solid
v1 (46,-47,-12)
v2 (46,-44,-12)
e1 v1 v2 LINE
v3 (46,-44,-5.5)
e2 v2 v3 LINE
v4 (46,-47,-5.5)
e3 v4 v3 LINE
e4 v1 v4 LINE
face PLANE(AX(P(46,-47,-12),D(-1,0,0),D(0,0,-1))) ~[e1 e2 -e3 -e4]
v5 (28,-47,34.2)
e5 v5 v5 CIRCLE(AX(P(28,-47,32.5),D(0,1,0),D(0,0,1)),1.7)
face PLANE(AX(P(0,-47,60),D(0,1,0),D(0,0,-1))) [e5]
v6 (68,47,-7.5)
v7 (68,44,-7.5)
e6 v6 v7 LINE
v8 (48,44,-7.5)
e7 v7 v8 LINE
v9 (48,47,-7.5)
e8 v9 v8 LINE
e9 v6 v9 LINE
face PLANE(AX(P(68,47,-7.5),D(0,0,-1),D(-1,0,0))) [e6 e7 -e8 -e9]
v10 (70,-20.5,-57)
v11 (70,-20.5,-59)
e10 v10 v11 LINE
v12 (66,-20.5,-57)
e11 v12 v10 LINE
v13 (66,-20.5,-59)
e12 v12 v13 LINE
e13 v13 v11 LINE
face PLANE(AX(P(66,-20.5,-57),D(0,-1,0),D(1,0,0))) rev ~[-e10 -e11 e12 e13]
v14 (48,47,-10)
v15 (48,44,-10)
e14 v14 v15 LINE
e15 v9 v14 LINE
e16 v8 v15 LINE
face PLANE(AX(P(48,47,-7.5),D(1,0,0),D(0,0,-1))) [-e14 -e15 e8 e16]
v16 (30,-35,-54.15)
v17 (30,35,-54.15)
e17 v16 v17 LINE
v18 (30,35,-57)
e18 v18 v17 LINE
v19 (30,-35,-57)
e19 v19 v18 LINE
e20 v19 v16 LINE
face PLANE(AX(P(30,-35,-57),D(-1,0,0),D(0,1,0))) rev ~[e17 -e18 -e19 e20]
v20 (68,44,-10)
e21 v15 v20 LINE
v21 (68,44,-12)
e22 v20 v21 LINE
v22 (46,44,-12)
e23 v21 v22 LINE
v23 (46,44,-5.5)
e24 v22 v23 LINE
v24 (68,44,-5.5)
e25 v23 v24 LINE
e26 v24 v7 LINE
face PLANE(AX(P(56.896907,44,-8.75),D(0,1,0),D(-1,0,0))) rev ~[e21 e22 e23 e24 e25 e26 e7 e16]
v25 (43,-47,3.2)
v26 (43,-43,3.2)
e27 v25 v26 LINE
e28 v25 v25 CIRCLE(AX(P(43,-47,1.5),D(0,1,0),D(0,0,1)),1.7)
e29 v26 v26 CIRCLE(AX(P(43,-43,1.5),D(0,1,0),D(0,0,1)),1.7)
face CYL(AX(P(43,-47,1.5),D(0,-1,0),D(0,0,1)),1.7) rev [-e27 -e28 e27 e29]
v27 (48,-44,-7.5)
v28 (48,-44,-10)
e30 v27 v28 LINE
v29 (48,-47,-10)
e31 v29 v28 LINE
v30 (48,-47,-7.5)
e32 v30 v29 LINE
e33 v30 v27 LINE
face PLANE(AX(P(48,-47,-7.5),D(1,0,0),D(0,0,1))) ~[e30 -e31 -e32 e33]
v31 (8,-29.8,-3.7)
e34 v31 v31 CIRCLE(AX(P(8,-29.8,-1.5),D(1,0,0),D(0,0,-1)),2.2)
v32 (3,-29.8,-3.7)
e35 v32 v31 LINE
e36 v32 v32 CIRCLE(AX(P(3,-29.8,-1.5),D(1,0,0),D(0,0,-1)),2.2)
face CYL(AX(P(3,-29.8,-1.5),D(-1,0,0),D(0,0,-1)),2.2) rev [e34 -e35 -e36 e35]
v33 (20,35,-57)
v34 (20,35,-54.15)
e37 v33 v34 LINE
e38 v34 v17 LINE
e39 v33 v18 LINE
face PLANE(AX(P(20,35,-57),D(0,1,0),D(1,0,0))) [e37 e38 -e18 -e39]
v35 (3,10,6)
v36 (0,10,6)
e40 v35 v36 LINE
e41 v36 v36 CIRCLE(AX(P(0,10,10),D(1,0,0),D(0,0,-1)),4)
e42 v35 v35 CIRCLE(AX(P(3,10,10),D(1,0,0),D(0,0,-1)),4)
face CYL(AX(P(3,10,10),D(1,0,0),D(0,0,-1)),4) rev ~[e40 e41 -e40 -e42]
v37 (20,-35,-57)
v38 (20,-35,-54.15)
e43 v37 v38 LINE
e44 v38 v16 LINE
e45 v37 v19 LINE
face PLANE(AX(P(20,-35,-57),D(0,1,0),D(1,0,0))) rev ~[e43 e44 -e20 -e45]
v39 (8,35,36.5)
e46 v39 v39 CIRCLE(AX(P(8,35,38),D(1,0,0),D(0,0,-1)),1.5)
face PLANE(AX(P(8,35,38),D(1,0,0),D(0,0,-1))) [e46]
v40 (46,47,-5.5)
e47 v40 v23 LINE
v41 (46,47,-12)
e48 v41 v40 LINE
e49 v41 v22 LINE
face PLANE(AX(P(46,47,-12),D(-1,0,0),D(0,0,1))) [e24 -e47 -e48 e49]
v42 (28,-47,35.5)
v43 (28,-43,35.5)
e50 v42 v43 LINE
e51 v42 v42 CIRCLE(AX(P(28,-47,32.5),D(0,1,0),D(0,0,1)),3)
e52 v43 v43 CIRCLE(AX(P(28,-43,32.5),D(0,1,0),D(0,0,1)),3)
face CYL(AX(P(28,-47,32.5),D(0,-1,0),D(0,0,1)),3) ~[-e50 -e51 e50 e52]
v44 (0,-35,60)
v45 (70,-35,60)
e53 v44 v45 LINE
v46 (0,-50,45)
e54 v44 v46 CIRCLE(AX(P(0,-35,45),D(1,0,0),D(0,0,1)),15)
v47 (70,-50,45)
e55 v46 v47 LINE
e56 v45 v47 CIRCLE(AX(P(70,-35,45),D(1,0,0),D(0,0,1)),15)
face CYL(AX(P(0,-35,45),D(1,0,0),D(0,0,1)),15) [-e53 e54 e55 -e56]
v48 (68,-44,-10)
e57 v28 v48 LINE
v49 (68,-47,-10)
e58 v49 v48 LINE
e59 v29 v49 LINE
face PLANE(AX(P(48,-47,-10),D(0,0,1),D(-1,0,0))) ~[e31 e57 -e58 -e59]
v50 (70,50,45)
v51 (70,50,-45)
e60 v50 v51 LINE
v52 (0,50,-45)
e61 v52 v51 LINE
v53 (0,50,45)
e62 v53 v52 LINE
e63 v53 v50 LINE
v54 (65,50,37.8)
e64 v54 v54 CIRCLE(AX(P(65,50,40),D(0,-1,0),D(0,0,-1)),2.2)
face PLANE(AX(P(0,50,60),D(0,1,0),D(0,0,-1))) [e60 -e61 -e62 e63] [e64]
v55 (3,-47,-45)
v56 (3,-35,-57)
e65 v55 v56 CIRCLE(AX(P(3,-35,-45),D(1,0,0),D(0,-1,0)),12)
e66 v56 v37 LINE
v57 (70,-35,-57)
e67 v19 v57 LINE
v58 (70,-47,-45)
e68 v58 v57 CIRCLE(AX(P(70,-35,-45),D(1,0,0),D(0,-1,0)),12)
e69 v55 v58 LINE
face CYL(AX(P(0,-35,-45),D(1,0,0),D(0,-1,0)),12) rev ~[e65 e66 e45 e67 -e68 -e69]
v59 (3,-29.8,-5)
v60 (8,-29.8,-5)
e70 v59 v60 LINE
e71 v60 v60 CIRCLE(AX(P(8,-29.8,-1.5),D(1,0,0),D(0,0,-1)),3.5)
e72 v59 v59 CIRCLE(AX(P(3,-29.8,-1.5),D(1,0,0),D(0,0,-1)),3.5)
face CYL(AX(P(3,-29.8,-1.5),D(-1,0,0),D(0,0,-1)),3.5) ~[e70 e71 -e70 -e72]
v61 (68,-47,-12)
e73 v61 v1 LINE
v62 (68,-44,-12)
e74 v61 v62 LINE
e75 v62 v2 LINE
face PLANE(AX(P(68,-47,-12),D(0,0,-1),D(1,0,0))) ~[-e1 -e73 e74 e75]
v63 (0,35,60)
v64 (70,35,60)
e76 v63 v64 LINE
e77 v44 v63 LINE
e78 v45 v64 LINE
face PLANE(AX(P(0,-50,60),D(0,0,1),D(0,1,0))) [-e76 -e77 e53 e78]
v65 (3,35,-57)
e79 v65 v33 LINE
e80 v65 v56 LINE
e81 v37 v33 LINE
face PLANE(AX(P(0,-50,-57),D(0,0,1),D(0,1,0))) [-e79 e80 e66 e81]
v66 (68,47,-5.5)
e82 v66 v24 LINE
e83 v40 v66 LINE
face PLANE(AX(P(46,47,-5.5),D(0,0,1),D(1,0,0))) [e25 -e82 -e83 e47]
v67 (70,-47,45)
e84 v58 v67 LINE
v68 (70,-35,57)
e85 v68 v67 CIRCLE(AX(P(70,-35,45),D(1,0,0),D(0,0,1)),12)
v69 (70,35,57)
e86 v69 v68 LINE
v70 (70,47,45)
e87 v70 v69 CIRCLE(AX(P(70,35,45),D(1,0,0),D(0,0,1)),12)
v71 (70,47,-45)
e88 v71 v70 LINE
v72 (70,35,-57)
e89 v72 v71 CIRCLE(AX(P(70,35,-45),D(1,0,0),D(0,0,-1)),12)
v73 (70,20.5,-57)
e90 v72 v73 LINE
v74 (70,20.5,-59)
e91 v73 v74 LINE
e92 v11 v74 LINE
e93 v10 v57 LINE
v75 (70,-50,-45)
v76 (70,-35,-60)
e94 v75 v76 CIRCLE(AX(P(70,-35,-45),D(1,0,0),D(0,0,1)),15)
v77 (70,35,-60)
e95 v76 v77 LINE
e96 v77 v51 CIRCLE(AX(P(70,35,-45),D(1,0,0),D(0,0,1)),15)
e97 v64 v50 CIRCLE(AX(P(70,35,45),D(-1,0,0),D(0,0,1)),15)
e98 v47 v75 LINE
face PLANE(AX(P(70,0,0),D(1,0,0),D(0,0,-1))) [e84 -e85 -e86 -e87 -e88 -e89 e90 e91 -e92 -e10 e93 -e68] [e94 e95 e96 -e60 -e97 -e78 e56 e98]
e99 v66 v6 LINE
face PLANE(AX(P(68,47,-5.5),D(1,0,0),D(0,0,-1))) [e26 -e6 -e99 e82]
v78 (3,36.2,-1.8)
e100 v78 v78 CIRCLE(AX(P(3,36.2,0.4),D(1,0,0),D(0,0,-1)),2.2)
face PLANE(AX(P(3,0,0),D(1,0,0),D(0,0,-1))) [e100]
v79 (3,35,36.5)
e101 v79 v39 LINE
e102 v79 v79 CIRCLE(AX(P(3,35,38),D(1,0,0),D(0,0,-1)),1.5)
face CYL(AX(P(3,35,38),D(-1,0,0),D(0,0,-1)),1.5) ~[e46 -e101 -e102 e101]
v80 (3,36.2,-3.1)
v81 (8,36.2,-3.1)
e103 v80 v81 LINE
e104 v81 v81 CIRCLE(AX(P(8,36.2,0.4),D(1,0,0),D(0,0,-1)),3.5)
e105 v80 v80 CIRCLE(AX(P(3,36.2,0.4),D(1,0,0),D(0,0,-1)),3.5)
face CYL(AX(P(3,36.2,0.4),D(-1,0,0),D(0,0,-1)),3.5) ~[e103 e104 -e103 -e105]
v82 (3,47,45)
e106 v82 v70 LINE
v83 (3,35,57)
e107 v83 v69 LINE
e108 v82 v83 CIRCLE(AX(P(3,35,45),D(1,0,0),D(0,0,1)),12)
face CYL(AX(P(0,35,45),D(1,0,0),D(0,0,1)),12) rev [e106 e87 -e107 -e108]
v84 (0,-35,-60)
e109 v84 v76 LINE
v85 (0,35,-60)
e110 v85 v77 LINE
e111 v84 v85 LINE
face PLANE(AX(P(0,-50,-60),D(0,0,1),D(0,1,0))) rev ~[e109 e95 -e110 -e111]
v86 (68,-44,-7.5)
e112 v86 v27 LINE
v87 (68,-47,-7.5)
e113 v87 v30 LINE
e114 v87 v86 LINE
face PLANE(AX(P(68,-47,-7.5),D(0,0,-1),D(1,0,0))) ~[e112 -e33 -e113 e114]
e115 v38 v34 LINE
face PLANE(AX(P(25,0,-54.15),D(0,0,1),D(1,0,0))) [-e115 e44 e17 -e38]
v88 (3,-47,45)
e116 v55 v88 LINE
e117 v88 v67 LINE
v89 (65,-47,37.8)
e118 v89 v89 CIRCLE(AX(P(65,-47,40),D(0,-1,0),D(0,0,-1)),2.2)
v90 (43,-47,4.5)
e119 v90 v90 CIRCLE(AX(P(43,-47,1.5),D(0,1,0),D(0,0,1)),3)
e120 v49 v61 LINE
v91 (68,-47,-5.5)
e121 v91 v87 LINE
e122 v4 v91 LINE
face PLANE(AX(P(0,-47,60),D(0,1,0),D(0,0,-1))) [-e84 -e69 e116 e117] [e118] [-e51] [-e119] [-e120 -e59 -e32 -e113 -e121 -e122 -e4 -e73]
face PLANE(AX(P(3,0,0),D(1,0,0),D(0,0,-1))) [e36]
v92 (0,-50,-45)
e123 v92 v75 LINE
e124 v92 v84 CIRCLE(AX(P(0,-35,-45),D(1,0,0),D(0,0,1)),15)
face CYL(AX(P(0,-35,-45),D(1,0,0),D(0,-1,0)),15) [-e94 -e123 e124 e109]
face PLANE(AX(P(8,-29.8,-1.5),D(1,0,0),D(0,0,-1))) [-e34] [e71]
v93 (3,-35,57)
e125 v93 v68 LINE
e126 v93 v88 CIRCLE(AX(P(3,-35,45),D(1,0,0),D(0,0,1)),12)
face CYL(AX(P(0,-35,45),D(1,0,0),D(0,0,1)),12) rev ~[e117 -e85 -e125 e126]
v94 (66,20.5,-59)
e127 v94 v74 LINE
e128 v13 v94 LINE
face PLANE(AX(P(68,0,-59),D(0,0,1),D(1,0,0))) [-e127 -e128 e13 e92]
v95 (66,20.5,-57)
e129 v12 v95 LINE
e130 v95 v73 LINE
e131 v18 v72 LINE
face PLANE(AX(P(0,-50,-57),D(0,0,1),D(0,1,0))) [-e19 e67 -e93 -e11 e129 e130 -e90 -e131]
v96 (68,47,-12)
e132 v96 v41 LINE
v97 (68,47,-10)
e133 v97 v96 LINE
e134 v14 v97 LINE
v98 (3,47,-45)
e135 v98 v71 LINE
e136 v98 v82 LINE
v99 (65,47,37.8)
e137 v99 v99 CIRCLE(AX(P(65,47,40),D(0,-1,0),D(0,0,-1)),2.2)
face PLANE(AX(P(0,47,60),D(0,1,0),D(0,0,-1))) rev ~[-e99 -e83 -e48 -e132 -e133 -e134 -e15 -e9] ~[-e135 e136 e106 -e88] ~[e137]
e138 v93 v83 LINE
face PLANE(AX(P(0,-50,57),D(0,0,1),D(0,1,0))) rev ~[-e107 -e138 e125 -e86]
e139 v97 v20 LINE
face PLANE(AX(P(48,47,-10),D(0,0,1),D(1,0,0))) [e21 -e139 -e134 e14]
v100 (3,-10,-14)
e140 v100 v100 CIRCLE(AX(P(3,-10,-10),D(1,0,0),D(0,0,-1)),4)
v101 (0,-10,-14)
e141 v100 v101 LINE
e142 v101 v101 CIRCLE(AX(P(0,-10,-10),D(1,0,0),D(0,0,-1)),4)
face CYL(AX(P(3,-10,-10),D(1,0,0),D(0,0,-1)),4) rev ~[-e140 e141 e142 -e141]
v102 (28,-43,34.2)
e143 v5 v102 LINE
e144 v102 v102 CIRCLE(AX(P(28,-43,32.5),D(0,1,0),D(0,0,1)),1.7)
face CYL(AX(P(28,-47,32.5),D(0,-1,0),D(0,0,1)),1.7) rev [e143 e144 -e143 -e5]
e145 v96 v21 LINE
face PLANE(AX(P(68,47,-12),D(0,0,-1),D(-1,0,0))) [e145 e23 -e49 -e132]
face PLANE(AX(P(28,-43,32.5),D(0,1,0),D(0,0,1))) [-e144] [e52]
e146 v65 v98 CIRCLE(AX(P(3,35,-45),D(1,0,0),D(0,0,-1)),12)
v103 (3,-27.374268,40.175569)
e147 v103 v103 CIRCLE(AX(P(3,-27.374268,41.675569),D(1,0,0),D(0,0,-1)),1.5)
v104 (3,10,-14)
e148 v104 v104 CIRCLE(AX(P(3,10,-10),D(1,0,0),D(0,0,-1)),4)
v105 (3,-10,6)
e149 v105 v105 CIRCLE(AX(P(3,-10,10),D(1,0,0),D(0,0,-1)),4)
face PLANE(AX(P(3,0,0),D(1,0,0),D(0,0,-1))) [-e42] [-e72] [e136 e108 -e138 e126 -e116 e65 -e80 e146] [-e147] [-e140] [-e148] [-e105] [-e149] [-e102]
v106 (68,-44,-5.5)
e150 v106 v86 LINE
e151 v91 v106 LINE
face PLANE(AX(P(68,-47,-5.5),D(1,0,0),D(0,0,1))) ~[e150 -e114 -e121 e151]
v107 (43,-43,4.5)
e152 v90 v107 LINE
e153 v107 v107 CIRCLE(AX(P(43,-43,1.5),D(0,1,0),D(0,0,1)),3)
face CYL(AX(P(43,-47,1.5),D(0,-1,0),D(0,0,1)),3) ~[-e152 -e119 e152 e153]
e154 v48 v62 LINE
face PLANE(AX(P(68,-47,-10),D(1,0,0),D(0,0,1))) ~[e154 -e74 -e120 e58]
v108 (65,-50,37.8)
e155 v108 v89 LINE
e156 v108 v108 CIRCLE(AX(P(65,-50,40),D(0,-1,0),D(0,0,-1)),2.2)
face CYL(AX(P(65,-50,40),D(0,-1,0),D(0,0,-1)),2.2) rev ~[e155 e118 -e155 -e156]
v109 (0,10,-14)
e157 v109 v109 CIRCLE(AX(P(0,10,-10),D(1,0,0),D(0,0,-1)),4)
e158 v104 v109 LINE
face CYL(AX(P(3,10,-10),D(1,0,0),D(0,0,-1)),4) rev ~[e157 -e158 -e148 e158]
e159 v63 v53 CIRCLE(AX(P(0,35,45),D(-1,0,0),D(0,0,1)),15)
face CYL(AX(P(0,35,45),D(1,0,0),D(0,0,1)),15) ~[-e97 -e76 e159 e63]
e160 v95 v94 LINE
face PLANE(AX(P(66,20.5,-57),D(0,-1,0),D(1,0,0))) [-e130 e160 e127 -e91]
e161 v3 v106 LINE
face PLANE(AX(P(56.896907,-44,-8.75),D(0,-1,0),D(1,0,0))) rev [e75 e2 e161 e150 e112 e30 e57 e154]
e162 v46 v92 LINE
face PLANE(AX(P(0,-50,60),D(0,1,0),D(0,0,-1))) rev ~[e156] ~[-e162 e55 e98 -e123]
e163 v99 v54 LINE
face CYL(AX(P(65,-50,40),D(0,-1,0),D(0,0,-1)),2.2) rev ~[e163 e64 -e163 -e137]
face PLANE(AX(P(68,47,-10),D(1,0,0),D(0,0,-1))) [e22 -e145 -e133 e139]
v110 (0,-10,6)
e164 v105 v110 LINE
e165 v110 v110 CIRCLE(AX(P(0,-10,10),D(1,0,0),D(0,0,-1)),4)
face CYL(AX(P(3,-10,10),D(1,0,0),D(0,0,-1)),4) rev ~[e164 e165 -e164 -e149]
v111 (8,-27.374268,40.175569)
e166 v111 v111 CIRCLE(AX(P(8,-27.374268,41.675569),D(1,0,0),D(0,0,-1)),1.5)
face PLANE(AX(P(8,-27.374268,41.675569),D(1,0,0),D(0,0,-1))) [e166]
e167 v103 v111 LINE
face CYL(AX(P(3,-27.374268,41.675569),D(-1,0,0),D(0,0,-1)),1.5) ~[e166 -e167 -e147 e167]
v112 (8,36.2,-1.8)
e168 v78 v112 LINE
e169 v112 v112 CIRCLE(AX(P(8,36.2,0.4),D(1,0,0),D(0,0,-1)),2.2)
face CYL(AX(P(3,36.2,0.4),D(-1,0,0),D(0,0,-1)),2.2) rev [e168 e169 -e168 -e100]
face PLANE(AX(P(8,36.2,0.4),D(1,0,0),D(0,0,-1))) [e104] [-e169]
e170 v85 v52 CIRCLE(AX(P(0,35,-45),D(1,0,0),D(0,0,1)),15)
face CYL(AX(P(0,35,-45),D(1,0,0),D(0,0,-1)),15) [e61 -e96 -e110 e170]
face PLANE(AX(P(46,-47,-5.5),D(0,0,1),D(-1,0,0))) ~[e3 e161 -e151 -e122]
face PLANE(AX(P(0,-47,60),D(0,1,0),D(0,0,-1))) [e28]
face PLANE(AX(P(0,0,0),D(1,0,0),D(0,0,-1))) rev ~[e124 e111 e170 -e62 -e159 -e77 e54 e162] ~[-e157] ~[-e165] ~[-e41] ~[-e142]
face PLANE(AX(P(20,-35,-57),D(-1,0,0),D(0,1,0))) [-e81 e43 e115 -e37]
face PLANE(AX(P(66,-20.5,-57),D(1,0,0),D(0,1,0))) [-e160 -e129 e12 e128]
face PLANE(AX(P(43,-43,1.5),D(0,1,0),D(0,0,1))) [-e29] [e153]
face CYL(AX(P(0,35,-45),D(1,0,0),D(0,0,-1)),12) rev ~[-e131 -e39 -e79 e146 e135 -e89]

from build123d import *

# Parameters (mm, degrees)
SKETCH1_W            = 120
SKETCH1_H            = 100
BOSS_EXTRUDE2_DEPTH  = 70
FILLET1_R            = 15
SHELL2_T             = -3
SKETCH3_W            = 4
SKETCH3_H            = 41
CUT_EXTRUDE1_DEPTH   = 2
SKETCH4_W            = 10
SKETCH4_H            = 70
BOSS_EXTRUDE3_DEPTH  = 2.85
SKETCH16_R           = 3.5
SKETCH16_R_2         = 2.2
SKETCH16_R_3         = 1.5
BOSS_EXTRUDE5_DEPTH  = 5
BOSS_EXTRUDE6_DEPTH  = 3
SKETCH23_R           = 3
SKETCH23_R_2         = 1.7
BOSS_EXTRUDE10_DEPTH = 4
SKETCH6_R            = 2.2
CUT_EXTRUDE2_DEPTH   = 137.014705087
SKETCH24_R           = 4
CUT_EXTRUDE3_DEPTH   = 3


with BuildPart() as part:
    # Sketch1 → Boss-Extrude2 (new body)
    with BuildSketch(Plane(origin=(0, 0, 0), x_dir=(0, 0, -1), z_dir=(1, 0, 0))):
        Rectangle(SKETCH1_W, SKETCH1_H)
    extrude(amount=BOSS_EXTRUDE2_DEPTH)

    # Fillet1
    fillet1_edges = [part.edges().sort_by_distance(p)[0] for p in [
        (35, -50, -60),
        (35, -50, 60),
        (35, 50, 60),
        (35, 50, -60),
    ]]
    fillet(fillet1_edges, radius=FILLET1_R)

    # Shell2
    shell2_openings = [part.faces().sort_by_distance(p)[0] for p in [
        (70, 0, 0),
    ]]
    offset(amount=SHELL2_T, openings=shell2_openings, kind=Kind.INTERSECTION)

    # Sketch3 → Cut-Extrude1 (cut)
    with BuildSketch(Plane.XY.offset(-57)):
        with Locations((68, 0)):
            Rectangle(SKETCH3_W, SKETCH3_H)
    extrude(amount=-CUT_EXTRUDE1_DEPTH, mode=Mode.SUBTRACT)

    # Sketch4 → Boss-Extrude3 (add)
    with BuildSketch(Plane.XY.offset(-57)):
        with Locations((25, 0)):
            Rectangle(SKETCH4_W, SKETCH4_H)
    extrude(amount=BOSS_EXTRUDE3_DEPTH)

    # Sketch16 → Boss-Extrude5 (add)
    # profile 1 of 4: a face of its own
    with BuildSketch(Plane(origin=(3, 0, 0), x_dir=(0, 0, -1), z_dir=(1, 0, 0))):
        with Locations((1.5, -29.8)):
            Circle(SKETCH16_R)
        with Locations((1.5, -29.8)):
            Circle(SKETCH16_R_2, mode=Mode.SUBTRACT)
    # profile 2 of 4: a face of its own
    with BuildSketch(Plane(origin=(3, 0, 0), x_dir=(0, 0, -1), z_dir=(1, 0, 0))):
        with Locations((-0.4, 36.2)):
            Circle(SKETCH16_R)
        with Locations((-0.4, 36.2)):
            Circle(SKETCH16_R_2, mode=Mode.SUBTRACT)
    # profile 3 of 4: a face of its own
    with BuildSketch(Plane(origin=(3, 0, 0), x_dir=(0, 0, -1), z_dir=(1, 0, 0))):
        with Locations((-38, 35)):
            Circle(SKETCH16_R_3)
    # profile 4 of 4: a face of its own
    with BuildSketch(Plane(origin=(3, 0, 0), x_dir=(0, 0, -1), z_dir=(1, 0, 0))):
        with Locations((-41.675568993, -27.374268476)):
            Circle(SKETCH16_R_3)
    extrude(amount=BOSS_EXTRUDE5_DEPTH)

    # Sketch15 → Boss-Extrude6 (add)
    with BuildSketch(Plane.XZ.offset(-47)):
        Polygon((46, -5.5), (68, -5.5), (68, -7.5), (48, -7.5), (48, -10), (68, -10), (68, -12), (46, -12), align=None)
    boss_extrude6 = extrude(amount=BOSS_EXTRUDE6_DEPTH)

    # Mirror1: Boss-Extrude6 across plane
    add(boss_extrude6.mirror(Plane.ZX))

    # Sketch23 → Boss-Extrude10 (add)
    # profile 1 of 2: a face of its own
    with BuildSketch(Plane(origin=(0, -47, 0), x_dir=(1, 0, 0), z_dir=(0, 1, 0))):
        with Locations(Location((43, -1.5, 0), (0, 0, 270))):
            Circle(SKETCH23_R)
        with Locations(Location((43, -1.5, 0), (0, 0, 270))):
            Circle(SKETCH23_R_2, mode=Mode.SUBTRACT)
    # profile 2 of 2: a face of its own
    with BuildSketch(Plane(origin=(0, -47, 0), x_dir=(1, 0, 0), z_dir=(0, 1, 0))):
        with Locations(Location((28, -32.5, 0), (0, 0, 270))):
            Circle(SKETCH23_R)
        with Locations(Location((28, -32.5, 0), (0, 0, 270))):
            Circle(SKETCH23_R_2, mode=Mode.SUBTRACT)
    extrude(amount=BOSS_EXTRUDE10_DEPTH)

    # Sketch6 → Cut-Extrude2 (cut, through all)
    with BuildSketch(Plane.XZ.offset(50)):
        with Locations(Location((65, 40, 0), (0, 0, 270))):
            Circle(SKETCH6_R)
    extrude(amount=-CUT_EXTRUDE2_DEPTH, mode=Mode.SUBTRACT)

    # Sketch24 → Cut-Extrude3 (cut)
    with BuildSketch(Plane(origin=(3, 0, 0), x_dir=(0, 0, -1), z_dir=(1, 0, 0))):
        with Locations((-10, 10)):
            Circle(SKETCH24_R)
        with Locations((10, 10)):
            Circle(SKETCH24_R)
        with Locations((-10, -10)):
            Circle(SKETCH24_R)
        with Locations((10, -10)):
            Circle(SKETCH24_R)
    extrude(amount=-CUT_EXTRUDE3_DEPTH, mode=Mode.SUBTRACT)


solid = part.part
